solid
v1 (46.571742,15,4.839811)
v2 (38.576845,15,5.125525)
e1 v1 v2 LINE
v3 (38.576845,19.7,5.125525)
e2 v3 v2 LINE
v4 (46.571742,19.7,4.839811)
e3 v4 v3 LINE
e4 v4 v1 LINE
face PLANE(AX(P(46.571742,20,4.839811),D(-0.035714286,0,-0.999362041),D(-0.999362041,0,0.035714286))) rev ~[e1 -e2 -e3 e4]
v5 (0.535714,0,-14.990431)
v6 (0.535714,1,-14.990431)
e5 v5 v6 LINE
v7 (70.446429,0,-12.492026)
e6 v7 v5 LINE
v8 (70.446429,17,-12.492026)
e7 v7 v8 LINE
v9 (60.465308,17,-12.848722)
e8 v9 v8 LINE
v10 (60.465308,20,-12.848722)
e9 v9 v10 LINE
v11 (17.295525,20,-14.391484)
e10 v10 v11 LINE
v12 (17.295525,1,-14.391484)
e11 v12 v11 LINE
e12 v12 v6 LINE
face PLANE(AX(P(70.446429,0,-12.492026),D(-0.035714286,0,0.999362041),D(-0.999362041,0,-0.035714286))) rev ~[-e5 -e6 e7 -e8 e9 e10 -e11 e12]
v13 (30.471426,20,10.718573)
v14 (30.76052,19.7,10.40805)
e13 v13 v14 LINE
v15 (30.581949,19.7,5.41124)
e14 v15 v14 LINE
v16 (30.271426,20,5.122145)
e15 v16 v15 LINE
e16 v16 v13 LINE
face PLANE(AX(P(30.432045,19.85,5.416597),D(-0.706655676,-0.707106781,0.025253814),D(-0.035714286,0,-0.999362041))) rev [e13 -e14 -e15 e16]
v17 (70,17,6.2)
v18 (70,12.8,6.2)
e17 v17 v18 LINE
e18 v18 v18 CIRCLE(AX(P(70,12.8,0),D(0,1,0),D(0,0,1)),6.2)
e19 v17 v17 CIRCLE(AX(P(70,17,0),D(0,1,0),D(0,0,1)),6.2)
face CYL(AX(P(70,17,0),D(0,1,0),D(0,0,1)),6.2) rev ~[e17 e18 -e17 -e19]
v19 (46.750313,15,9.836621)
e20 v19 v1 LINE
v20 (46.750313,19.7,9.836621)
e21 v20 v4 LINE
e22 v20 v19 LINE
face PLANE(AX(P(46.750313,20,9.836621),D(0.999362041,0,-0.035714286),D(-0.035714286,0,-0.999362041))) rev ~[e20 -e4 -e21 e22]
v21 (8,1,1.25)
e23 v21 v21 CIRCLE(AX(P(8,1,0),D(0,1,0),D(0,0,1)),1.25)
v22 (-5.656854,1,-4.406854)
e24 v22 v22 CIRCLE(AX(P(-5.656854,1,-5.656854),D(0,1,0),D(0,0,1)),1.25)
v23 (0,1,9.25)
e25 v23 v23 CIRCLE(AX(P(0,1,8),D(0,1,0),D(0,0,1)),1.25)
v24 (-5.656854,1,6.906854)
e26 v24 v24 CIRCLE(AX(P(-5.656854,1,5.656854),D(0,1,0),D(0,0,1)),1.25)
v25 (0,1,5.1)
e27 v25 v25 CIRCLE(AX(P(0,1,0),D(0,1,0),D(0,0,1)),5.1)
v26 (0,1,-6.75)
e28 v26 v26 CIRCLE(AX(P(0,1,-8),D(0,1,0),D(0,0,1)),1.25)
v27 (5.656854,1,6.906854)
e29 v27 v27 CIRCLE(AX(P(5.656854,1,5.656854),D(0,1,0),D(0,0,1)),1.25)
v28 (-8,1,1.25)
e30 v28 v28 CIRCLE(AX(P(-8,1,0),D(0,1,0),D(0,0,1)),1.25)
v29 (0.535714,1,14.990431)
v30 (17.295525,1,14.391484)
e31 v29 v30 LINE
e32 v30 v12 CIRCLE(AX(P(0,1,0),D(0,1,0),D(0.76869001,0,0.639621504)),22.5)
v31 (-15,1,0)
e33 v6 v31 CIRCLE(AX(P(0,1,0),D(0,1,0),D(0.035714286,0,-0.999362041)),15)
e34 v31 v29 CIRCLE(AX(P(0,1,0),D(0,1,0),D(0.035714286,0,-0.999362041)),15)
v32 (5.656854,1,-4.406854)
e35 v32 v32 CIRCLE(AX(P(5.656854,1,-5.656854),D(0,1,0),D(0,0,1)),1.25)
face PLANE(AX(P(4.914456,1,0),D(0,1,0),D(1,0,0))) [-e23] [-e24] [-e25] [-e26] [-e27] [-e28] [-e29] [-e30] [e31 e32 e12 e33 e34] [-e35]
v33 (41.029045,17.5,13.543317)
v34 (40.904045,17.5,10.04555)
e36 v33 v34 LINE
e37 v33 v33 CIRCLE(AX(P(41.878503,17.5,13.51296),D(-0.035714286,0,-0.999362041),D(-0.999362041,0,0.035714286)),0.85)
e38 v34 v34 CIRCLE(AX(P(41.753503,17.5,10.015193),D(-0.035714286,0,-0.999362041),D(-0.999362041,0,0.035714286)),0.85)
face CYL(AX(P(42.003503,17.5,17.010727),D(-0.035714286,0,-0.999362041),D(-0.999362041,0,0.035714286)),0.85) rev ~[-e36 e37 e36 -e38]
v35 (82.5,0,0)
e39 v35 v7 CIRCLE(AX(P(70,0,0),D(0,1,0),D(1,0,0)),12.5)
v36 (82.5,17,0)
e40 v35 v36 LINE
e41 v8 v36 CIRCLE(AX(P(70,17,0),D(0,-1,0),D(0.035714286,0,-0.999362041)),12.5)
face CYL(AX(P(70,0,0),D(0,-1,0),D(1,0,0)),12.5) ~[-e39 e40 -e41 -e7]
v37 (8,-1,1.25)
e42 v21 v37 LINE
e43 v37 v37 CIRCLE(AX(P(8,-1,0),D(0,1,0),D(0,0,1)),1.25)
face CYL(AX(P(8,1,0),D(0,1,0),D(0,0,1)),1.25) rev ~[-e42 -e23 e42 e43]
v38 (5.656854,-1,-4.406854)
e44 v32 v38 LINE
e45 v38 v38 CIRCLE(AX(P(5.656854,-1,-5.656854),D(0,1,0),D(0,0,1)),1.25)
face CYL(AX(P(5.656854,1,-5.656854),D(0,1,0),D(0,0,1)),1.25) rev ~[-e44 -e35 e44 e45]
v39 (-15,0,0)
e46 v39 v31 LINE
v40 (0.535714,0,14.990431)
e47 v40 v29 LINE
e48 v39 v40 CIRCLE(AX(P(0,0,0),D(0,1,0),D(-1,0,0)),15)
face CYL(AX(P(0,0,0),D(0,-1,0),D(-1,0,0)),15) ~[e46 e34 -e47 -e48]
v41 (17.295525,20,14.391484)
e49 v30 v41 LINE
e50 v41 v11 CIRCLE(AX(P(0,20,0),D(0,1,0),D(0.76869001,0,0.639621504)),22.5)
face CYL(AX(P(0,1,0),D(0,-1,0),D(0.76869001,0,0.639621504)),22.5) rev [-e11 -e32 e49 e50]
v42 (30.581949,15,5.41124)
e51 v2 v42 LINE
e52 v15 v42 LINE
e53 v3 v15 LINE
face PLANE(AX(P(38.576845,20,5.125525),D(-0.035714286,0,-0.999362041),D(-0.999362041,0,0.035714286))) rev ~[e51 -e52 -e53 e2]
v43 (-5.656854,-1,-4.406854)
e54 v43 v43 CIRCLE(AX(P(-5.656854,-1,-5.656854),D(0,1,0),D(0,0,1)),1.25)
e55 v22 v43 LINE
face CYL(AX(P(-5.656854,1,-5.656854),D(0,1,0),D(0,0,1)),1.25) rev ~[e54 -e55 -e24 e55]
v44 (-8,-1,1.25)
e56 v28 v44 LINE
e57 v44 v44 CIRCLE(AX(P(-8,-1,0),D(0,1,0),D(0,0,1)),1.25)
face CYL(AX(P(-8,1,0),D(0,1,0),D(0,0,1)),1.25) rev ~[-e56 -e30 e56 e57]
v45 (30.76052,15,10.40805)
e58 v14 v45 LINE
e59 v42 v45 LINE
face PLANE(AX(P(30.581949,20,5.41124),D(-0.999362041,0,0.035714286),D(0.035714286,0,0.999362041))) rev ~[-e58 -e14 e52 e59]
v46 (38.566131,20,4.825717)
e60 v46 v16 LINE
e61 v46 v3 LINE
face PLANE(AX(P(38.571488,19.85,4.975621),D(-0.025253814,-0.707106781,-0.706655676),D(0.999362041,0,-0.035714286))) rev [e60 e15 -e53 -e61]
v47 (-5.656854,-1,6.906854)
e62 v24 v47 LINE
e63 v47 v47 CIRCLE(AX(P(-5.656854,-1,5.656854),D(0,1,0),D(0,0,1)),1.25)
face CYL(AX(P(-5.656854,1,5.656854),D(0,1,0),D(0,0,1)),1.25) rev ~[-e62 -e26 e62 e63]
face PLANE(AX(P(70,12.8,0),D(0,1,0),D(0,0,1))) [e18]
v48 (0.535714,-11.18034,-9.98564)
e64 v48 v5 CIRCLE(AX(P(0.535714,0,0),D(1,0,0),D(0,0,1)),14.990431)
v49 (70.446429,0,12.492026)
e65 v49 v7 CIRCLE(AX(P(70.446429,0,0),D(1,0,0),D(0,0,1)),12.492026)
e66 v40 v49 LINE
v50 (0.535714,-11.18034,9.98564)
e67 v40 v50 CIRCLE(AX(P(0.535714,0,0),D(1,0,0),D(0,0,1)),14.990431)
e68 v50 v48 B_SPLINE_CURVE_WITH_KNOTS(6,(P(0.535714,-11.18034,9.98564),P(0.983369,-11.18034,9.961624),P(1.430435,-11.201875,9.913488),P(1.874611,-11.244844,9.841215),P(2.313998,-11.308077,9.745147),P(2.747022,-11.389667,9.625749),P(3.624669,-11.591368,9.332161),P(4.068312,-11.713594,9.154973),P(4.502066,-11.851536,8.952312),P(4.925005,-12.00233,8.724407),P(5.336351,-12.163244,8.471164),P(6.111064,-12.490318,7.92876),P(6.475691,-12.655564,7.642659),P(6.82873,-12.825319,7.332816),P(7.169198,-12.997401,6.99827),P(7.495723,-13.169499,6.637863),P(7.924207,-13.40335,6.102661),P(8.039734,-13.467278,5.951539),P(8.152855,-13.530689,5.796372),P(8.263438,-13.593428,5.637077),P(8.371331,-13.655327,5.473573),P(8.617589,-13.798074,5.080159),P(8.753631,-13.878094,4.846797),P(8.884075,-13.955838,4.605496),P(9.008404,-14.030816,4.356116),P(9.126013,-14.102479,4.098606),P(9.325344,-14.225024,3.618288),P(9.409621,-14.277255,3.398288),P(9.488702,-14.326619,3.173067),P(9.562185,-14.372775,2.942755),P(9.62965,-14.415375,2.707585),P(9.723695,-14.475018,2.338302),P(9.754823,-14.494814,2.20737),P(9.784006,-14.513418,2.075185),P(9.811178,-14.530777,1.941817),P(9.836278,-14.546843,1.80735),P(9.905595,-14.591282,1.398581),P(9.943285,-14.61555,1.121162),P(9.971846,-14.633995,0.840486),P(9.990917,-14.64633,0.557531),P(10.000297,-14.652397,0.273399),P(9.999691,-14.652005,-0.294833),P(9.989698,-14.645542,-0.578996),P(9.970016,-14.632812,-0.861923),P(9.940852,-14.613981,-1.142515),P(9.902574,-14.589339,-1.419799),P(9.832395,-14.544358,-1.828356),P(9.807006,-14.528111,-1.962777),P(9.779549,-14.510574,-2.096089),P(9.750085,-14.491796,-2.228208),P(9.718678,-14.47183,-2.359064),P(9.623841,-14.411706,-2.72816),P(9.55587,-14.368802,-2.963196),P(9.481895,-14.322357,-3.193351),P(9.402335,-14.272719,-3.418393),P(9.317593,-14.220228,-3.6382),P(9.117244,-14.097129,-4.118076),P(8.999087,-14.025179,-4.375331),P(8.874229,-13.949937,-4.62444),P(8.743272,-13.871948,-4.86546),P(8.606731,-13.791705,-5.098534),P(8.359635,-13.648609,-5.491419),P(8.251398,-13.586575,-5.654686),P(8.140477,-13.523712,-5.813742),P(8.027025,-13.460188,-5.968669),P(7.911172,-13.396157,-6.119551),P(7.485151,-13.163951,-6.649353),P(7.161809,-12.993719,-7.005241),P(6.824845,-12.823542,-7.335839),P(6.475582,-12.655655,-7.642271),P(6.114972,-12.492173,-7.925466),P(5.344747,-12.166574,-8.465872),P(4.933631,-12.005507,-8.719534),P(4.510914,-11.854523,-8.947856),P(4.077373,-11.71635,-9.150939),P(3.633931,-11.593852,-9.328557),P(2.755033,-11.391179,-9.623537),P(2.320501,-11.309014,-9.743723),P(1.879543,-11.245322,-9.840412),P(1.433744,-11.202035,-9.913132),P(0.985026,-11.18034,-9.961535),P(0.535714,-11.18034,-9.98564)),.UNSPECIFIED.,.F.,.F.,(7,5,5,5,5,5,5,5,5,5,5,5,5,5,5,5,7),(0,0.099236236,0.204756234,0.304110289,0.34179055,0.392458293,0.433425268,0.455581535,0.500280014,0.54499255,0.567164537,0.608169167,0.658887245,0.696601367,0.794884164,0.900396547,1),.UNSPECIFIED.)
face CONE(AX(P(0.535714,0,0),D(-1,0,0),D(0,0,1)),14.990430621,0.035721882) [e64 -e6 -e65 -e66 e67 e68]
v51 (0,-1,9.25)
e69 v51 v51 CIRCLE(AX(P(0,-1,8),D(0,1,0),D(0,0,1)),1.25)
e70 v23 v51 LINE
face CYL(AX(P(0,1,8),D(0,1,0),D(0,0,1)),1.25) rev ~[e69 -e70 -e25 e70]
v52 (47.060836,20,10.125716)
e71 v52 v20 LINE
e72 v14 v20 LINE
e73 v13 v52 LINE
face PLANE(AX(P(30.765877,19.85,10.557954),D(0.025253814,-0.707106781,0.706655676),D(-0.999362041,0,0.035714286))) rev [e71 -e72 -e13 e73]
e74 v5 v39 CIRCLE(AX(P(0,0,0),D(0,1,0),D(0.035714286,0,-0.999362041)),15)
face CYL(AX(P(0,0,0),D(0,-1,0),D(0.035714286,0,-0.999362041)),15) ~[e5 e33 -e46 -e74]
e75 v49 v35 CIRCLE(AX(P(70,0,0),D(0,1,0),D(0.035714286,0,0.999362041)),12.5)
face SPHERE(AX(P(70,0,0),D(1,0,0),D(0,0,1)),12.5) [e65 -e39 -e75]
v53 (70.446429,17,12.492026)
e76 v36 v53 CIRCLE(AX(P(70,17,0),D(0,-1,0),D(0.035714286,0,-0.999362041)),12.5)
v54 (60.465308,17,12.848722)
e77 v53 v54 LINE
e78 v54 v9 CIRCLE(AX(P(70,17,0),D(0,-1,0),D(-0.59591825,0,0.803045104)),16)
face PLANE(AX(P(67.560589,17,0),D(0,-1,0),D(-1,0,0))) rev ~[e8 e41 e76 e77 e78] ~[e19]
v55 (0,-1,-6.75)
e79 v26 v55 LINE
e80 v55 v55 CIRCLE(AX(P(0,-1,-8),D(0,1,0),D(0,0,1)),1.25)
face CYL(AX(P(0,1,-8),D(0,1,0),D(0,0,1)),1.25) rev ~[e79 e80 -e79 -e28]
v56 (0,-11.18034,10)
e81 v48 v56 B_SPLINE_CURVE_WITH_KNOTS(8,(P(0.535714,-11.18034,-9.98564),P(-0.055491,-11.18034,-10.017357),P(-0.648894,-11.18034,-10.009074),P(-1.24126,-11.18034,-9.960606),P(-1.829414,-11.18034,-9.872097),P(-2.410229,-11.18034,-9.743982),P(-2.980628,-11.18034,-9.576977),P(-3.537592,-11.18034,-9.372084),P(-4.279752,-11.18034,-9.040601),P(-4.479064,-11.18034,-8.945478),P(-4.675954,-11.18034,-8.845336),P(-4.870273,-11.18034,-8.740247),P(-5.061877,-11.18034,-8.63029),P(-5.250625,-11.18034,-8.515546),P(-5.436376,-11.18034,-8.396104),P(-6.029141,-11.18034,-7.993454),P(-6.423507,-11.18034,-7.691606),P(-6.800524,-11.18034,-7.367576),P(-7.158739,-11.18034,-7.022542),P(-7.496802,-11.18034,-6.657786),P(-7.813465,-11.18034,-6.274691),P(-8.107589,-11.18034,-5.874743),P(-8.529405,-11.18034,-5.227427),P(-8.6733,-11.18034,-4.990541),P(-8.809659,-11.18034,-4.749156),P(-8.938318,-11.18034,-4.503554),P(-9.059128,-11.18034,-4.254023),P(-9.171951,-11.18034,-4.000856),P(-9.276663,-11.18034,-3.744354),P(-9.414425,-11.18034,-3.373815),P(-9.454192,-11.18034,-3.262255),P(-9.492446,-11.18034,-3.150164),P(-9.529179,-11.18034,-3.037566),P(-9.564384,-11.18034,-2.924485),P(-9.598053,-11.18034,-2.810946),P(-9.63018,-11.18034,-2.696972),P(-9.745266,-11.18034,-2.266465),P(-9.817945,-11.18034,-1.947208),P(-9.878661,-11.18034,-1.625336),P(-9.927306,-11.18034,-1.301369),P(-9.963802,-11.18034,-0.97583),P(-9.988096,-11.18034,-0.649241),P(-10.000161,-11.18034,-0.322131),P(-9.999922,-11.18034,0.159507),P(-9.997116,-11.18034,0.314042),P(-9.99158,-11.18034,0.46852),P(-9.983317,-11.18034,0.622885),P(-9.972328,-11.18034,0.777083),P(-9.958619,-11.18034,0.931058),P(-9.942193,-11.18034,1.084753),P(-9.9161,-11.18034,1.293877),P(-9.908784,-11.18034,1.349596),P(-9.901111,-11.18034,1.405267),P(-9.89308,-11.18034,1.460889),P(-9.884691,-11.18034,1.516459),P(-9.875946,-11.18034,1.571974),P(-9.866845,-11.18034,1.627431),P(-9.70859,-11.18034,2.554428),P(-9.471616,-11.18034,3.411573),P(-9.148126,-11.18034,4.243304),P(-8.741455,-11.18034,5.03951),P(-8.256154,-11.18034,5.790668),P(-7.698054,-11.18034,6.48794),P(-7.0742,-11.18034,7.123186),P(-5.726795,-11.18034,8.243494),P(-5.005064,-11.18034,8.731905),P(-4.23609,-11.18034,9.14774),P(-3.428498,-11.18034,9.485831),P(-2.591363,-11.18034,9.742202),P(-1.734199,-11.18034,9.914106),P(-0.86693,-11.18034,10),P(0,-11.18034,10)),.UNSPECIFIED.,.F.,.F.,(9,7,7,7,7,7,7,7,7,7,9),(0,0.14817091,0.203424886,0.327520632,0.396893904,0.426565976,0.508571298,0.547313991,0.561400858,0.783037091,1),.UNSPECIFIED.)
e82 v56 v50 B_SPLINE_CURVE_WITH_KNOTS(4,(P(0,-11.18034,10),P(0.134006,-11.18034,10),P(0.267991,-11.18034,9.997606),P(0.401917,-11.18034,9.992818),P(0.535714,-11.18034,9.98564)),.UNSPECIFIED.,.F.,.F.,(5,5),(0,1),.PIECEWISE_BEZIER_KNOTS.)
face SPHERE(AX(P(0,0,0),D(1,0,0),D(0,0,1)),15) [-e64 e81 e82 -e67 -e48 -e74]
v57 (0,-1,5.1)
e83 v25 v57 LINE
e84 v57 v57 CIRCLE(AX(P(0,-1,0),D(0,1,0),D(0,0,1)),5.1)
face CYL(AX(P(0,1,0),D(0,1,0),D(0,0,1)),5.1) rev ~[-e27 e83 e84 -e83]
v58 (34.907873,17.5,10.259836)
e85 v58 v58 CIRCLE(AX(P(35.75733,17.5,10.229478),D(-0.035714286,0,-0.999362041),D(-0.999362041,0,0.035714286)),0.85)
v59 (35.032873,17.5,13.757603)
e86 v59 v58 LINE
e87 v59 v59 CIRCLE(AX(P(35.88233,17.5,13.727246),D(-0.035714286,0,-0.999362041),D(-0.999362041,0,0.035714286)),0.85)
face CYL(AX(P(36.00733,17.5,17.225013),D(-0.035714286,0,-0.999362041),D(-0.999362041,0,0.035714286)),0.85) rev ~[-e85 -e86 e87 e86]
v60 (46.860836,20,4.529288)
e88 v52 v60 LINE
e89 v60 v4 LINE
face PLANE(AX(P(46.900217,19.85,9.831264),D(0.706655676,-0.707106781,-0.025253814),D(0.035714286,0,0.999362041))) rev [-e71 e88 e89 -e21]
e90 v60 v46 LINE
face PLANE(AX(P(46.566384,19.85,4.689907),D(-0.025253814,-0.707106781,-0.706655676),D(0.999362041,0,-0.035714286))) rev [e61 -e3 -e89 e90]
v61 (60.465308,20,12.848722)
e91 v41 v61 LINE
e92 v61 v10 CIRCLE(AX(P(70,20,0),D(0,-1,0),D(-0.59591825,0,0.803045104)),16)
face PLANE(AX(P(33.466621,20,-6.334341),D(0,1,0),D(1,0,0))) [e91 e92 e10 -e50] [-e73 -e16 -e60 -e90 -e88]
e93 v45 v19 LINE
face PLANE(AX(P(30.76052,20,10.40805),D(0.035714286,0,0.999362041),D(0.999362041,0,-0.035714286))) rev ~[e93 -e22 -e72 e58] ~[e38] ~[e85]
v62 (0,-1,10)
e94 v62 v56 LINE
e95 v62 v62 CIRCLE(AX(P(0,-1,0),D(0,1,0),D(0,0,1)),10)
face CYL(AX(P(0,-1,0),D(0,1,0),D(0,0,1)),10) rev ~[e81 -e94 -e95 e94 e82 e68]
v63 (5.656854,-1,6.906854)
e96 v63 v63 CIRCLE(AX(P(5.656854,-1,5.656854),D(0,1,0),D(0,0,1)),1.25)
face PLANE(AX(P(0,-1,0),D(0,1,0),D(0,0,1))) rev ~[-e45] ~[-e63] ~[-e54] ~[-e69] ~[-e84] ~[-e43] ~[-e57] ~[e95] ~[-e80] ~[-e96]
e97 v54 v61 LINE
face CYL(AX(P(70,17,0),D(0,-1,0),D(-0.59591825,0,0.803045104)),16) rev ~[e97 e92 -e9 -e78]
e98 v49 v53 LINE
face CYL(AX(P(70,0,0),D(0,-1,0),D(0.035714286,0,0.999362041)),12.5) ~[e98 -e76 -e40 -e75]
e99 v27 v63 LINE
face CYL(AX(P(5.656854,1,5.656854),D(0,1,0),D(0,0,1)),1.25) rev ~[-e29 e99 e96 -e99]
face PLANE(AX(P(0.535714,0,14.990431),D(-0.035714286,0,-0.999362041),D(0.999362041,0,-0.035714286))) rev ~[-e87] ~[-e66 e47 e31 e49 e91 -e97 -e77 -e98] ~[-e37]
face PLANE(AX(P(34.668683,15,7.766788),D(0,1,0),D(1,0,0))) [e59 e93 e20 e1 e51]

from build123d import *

# Parameters (mm, degrees)
EXTRUDE_1_DEPTH     = 20
REVOLVE_1_ANGLE     = 180
CUT_EXTRUDE_START   = -19
CUT_EXTRUDE_1_DEPTH = 19
SKETCH_5_R          = 10
CUT_EXTRUDE_2_DEPTH = 87.442177205
SKETCH_4_R          = 1.25
SKETCH_4_R_2        = 5.1
CUT_EXTRUDE_3_DEPTH = 86.97819491
CUT_EXTRUDE_START_2 = -3
CUT_EXTRUDE_5_DEPTH = 3
SKETCH_6_R          = 6.2
CUT_EXTRUDE_4_DEPTH = 4.2
CUT_EXTRUDE_6_DEPTH = 5
HOLE_WIZARD_1_D     = 1.7
HOLE_WIZARD_1_DEPTH = 3.5
CHAMFER_1_SIZE      = 0.3


with BuildPart() as part:
    # 草图2 → 凸台-拉伸1 (new body)
    with BuildSketch(Plane(origin=(0, 0, 0), x_dir=(1, 0, 0), z_dir=(0, 1, 0))):
        with BuildLine():
            Line((70.446428571, 12.492025518), (0.535714286, 14.990430621))
            ThreePointArc((0.535714286, 14.990430621), (-10.415476122, 10.794343757), (-15, 0))
            Line((-15, 0), (82.5, 0))
            ThreePointArc((82.5, 0), (78.995286464, 8.679563435), (70.446428571, 12.492025518))
        make_face()
        with BuildLine():
            Line((82.5, 0), (-15, 0))
            ThreePointArc((-15, 0), (-10.415476122, -10.794343757), (0.535714286, -14.990430621))
            Line((0.535714286, -14.990430621), (70.446428571, -12.492025518))
            ThreePointArc((70.446428571, -12.492025518), (78.995286464, -8.679563435), (82.5, 0))
        make_face()
    extrude(amount=EXTRUDE_1_DEPTH)

    # 草图1 → 旋转1 (revolve)
    with BuildSketch(Plane(origin=(0, 0, 0), x_dir=(1, 0, 0), z_dir=(0, 1, 0))):
        with BuildLine():
            Line((0.535714286, -14.990430621), (70.446428571, -12.492025518))
            ThreePointArc((70.446428571, -12.492025518), (78.995286464, -8.679563435), (82.5, 0))
            Line((82.5, 0), (-15, 0))
            ThreePointArc((-15, 0), (-10.415476122, -10.794343757), (0.535714286, -14.990430621))
        make_face()
    revolve(axis=Axis((70, 0, 0), (1, 0, 0)), revolution_arc=REVOLVE_1_ANGLE)

    # 草图3 → 切除-拉伸1 (cut)
    with BuildSketch(Plane(origin=(0, 20, 0), x_dir=(1, 0, 0), z_dir=(0, 1, 0)).offset(CUT_EXTRUDE_START)):
        with BuildLine():
            Line((17.295525226, 14.391483841), (0.535714286, 14.990430621))
            ThreePointArc((0.535714286, 14.990430621), (-15, 0), (0.535714286, -14.990430621))
            Line((0.535714286, -14.990430621), (17.295525226, -14.391483841))
            ThreePointArc((17.295525226, -14.391483841), (22.5, 0), (17.295525226, 14.391483841))
        make_face()
    extrude(amount=CUT_EXTRUDE_1_DEPTH, mode=Mode.SUBTRACT)

    # 草图5 → 切除-拉伸2 (cut, through all)
    with BuildSketch(Plane(origin=(0, -1, 0), x_dir=(1, 0, 0), z_dir=(0, 1, 0))):
        with Locations(Location((0, 0, 0), (0, 0, 270))):
            Circle(SKETCH_5_R)
    extrude(amount=-CUT_EXTRUDE_2_DEPTH, mode=Mode.SUBTRACT)

    # 草图4 → 切除-拉伸3 (cut, through all)
    with BuildSketch(Plane(origin=(0, 1, 0), x_dir=(1, 0, 0), z_dir=(0, 1, 0))):
        with Locations(Location((8, 0, 0), (0, 0, 270))):
            Circle(SKETCH_4_R)
        with Locations(Location((5.656854249, -5.656854249, 0), (0, 0, 270))):
            Circle(SKETCH_4_R)
        with Locations(Location((0, -8, 0), (0, 0, 270))):
            Circle(SKETCH_4_R)
        with Locations(Location((-5.656854249, -5.656854249, 0), (0, 0, 270))):
            Circle(SKETCH_4_R)
        with Locations(Location((-8, 0, 0), (0, 0, 270))):
            Circle(SKETCH_4_R)
        with Locations(Location((-5.656854249, 5.656854249, 0), (0, 0, 270))):
            Circle(SKETCH_4_R)
        with Locations(Location((0, 8, 0), (0, 0, 270))):
            Circle(SKETCH_4_R)
        with Locations(Location((5.656854249, 5.656854249, 0), (0, 0, 270))):
            Circle(SKETCH_4_R)
        with Locations(Location((0, 0, 0), (0, 0, 270))):
            Circle(SKETCH_4_R_2)
    extrude(amount=-CUT_EXTRUDE_3_DEPTH, mode=Mode.SUBTRACT)

    # 草图11 → 切除-拉伸5 (cut)
    with BuildSketch(Plane(origin=(0, 20, 0), x_dir=(1, 0, 0), z_dir=(0, 1, 0)).offset(CUT_EXTRUDE_START_2)):
        with BuildLine():
            Line((60.465308, 12.848721667), (70.446428571, 12.492025518))
            ThreePointArc((70.446428571, 12.492025518), (82.5, 0), (70.446428571, -12.492025518))
            Line((70.446428571, -12.492025518), (60.465308, -12.848721667))
            ThreePointArc((60.465308, -12.848721667), (54, 0), (60.465308, 12.848721667))
        make_face()
    extrude(amount=CUT_EXTRUDE_5_DEPTH, mode=Mode.SUBTRACT)

    # 草图6 → 切除-拉伸4 (cut)
    with BuildSketch(Plane(origin=(0, 17, 0), x_dir=(1, 0, 0), z_dir=(0, 1, 0))):
        with Locations(Location((70, 0, 0), (0, 0, 270))):
            Circle(SKETCH_6_R)
    extrude(amount=-CUT_EXTRUDE_4_DEPTH, mode=Mode.SUBTRACT)

    # 草图12 → 切除-拉伸6 (cut)
    with BuildSketch(Plane(origin=(0, 20, 0), x_dir=(1, 0, 0), z_dir=(0, 1, 0))):
        Polygon((30.581948853, -5.411239688), (30.760520282, -10.408049895), (38.755416613, -10.122335609), (38.576845185, -5.125525402), align=None)
        Polygon((38.576845185, -5.125525402), (38.755416613, -10.122335609), (46.750312944, -9.836621323), (46.571741516, -4.839811116), align=None)
    extrude(amount=-CUT_EXTRUDE_6_DEPTH, mode=Mode.SUBTRACT)

    # 孔1
    with Locations(Plane(origin=(0.535714286, 0, 14.990430621), x_dir=(0.9993620414023731, 0, -0.035714285714285726), z_dir=(0.035714285714285726, 0, 0.9993620414023731))):
        with Locations((35.369180276, 17.5), (41.369180276, 17.5)):
            Hole(HOLE_WIZARD_1_D / 2, depth=HOLE_WIZARD_1_DEPTH)

    # 倒角1
    chamfer_1_edges = [part.edges().sort_by_distance(p)[0] for p in [
        (38.755416613, 20, 10.122335609),
        (46.66102723, 20, 7.33821622),
        (38.576845185, 20, 5.125525402),
        (30.671234568, 20, 7.909644791),
    ]]
    chamfer(chamfer_1_edges, length=CHAMFER_1_SIZE)


solid = part.part
